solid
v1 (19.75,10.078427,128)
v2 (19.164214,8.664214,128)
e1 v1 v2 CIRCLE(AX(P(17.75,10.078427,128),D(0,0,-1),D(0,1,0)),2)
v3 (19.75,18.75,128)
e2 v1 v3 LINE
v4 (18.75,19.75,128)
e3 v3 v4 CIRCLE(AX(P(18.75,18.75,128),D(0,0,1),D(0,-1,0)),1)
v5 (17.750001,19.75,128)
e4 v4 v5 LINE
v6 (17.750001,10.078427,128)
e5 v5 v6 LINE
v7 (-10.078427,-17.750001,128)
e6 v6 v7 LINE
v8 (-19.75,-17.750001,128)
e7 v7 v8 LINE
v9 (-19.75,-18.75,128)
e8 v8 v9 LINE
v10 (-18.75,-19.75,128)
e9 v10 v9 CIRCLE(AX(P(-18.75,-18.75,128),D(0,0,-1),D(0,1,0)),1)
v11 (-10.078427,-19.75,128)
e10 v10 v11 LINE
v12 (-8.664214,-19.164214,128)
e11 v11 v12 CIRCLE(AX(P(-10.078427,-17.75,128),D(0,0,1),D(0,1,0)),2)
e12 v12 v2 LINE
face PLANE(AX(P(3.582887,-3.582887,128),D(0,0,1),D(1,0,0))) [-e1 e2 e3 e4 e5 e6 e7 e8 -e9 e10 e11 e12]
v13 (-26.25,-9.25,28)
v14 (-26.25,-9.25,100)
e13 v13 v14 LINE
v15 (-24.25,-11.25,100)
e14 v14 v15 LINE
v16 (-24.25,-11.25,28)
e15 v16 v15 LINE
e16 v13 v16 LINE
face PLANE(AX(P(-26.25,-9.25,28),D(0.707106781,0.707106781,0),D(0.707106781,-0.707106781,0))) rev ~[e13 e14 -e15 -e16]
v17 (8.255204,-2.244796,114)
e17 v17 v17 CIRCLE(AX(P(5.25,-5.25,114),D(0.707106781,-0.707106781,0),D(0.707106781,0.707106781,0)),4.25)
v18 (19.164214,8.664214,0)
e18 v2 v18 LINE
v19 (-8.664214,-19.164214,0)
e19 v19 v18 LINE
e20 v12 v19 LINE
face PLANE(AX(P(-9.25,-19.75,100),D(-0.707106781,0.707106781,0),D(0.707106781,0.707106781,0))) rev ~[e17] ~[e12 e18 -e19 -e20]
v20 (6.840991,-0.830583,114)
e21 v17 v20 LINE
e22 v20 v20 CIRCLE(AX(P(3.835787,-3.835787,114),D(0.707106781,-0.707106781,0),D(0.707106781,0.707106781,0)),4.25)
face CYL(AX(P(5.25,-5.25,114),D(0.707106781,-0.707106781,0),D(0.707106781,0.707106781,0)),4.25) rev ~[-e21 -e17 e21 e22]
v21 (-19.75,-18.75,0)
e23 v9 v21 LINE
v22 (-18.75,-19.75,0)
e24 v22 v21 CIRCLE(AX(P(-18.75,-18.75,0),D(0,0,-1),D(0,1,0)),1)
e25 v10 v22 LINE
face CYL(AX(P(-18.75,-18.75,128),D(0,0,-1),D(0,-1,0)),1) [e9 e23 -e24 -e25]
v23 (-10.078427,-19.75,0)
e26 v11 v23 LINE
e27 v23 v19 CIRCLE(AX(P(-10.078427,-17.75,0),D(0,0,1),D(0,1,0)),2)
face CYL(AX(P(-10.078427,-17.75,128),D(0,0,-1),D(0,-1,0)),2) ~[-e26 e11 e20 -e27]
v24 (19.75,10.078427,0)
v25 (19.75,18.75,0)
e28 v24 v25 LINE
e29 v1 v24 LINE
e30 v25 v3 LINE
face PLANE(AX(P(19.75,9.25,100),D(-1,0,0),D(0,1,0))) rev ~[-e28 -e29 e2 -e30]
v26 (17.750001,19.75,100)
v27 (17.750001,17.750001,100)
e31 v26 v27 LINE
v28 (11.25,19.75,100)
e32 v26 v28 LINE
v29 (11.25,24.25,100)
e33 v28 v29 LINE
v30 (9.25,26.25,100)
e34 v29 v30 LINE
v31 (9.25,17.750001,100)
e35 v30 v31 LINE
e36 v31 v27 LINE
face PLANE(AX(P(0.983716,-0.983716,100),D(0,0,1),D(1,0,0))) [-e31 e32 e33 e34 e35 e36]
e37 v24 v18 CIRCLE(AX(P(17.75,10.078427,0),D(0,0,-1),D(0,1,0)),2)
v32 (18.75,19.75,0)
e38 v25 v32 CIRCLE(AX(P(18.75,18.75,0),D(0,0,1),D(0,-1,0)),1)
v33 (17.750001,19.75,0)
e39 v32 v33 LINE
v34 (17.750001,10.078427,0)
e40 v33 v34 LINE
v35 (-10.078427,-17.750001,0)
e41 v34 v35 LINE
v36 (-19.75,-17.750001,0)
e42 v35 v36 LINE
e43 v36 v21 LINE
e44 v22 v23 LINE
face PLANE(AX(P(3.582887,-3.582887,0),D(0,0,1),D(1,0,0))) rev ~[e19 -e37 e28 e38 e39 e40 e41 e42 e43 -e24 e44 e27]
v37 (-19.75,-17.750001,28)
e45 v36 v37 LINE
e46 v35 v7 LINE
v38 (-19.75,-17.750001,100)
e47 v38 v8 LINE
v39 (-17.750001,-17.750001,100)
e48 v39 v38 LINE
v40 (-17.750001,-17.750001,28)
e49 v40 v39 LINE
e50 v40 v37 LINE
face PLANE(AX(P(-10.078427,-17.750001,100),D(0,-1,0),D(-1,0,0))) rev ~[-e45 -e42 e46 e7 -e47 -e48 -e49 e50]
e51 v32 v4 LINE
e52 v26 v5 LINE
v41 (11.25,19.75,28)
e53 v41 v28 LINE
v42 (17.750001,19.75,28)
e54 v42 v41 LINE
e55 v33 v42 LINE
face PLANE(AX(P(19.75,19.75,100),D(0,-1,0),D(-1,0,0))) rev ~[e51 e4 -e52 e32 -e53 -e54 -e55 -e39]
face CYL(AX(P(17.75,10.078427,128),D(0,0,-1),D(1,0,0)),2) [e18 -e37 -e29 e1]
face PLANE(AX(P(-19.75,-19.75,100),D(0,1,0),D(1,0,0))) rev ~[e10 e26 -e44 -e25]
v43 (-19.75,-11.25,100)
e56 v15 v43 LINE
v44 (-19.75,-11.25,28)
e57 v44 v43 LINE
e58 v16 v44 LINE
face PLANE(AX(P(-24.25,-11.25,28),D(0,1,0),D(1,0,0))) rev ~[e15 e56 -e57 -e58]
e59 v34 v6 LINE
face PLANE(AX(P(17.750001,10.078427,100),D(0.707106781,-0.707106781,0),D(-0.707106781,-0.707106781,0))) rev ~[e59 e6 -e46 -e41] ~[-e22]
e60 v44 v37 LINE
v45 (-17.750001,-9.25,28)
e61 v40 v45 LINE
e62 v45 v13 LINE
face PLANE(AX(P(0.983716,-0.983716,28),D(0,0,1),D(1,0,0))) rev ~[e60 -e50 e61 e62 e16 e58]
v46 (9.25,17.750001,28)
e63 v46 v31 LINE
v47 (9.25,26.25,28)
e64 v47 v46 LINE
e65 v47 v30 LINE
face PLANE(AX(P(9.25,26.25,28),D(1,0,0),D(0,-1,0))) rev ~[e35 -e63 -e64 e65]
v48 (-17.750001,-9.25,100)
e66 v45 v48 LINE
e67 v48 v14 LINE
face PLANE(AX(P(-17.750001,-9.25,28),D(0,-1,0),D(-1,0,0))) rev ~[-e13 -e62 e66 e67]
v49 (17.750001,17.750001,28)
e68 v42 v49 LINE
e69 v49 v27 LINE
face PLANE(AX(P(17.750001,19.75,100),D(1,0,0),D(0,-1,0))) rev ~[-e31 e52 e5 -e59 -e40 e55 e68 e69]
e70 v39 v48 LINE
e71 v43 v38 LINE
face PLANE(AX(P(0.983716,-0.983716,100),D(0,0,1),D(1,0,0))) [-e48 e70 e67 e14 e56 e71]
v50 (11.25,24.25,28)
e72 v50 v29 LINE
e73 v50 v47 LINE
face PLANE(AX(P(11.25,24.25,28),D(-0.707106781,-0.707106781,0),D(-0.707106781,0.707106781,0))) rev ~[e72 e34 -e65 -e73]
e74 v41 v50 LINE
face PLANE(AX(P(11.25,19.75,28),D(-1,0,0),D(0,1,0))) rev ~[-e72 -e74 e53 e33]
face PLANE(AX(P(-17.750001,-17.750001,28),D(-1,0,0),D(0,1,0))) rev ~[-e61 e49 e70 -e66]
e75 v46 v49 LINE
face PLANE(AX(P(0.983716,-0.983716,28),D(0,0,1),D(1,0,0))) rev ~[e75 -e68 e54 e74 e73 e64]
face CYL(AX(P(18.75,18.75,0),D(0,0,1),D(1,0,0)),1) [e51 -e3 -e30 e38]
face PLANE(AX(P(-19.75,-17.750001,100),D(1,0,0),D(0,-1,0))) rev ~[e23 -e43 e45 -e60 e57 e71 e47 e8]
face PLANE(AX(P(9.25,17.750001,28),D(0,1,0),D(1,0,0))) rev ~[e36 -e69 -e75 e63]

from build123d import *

# Parameters (mm, degrees)
F1_DEPTH = 28
F3_DEPTH = 72
F5_DEPTH = 28
F6_R     = 2
F7_R     = 1
F8_R     = 4.25
F9_DEPTH = 25


with BuildPart() as f1:
    # F0 (on Top) → F1 (new body)
    with BuildSketch(Plane.XY):
        Polygon((-19.75, -17.750001), (-19.75, -19.75), (-9.25, -19.75), (19.75, 9.25), (19.75, 19.75), (17.750001, 19.75), (17.750001, 10.078427), (-10.078427, -17.750001), align=None)
    extrude(amount=F1_DEPTH)

    # F2 (on face) → F3 (join)
    with BuildSketch(Plane.XY.offset(28)):
        Polygon((-19.75, -19.75), (-9.25, -19.75), (19.75, 9.25), (19.75, 19.75), (11.25, 19.75), (11.25, 24.25), (9.25, 26.25), (9.25, 23.421573), (9.25, 19.75), (9.25, 17.750001), (17.750001, 17.750001), (17.750001, 10.078427), (16.585787, 8.914213), (-8.914213, -16.585787), (-10.078427, -17.750001), (-17.750001, -17.750001), (-17.750001, -9.25), (-19.75, -9.25), (-23.421573, -9.25), (-26.25, -9.25), (-24.25, -11.25), (-19.75, -11.25), align=None)
    extrude(amount=F3_DEPTH)

    # F4 (on face) → F5 (join)
    with BuildSketch(Plane.XY.offset(100)):
        Polygon((19.75, 9.25), (19.75, 19.75), (17.750001, 19.75), (17.750001, 10.078427), (-10.078427, -17.750001), (-19.75, -17.750001), (-19.75, -19.75), (-9.25, -19.75), align=None)
    extrude(amount=F5_DEPTH)

    # F6
    f6_edges = [f1.edges().sort_by_distance(p)[0] for p in [
        (19.75, 9.25, 64),
        (-9.25, -19.75, 64),
    ]]
    fillet(f6_edges, radius=F6_R)

    # F7
    f7_edges = [f1.edges().sort_by_distance(p)[0] for p in [
        (-19.75, -19.75, 64),
        (19.75, 19.75, 64),
    ]]
    fillet(f7_edges, radius=F7_R)

    # F8 (on face) → F9 (cut)
    with BuildSketch(Plane(origin=(5.25, -5.25, 0), x_dir=(0.707107, 0.707107, 0), z_dir=(0.707107, -0.707107, 0))):
        with Locations((0, 114)):
            Circle(F8_R)
    extrude(amount=-F9_DEPTH, mode=Mode.SUBTRACT)


solid = f1.part
